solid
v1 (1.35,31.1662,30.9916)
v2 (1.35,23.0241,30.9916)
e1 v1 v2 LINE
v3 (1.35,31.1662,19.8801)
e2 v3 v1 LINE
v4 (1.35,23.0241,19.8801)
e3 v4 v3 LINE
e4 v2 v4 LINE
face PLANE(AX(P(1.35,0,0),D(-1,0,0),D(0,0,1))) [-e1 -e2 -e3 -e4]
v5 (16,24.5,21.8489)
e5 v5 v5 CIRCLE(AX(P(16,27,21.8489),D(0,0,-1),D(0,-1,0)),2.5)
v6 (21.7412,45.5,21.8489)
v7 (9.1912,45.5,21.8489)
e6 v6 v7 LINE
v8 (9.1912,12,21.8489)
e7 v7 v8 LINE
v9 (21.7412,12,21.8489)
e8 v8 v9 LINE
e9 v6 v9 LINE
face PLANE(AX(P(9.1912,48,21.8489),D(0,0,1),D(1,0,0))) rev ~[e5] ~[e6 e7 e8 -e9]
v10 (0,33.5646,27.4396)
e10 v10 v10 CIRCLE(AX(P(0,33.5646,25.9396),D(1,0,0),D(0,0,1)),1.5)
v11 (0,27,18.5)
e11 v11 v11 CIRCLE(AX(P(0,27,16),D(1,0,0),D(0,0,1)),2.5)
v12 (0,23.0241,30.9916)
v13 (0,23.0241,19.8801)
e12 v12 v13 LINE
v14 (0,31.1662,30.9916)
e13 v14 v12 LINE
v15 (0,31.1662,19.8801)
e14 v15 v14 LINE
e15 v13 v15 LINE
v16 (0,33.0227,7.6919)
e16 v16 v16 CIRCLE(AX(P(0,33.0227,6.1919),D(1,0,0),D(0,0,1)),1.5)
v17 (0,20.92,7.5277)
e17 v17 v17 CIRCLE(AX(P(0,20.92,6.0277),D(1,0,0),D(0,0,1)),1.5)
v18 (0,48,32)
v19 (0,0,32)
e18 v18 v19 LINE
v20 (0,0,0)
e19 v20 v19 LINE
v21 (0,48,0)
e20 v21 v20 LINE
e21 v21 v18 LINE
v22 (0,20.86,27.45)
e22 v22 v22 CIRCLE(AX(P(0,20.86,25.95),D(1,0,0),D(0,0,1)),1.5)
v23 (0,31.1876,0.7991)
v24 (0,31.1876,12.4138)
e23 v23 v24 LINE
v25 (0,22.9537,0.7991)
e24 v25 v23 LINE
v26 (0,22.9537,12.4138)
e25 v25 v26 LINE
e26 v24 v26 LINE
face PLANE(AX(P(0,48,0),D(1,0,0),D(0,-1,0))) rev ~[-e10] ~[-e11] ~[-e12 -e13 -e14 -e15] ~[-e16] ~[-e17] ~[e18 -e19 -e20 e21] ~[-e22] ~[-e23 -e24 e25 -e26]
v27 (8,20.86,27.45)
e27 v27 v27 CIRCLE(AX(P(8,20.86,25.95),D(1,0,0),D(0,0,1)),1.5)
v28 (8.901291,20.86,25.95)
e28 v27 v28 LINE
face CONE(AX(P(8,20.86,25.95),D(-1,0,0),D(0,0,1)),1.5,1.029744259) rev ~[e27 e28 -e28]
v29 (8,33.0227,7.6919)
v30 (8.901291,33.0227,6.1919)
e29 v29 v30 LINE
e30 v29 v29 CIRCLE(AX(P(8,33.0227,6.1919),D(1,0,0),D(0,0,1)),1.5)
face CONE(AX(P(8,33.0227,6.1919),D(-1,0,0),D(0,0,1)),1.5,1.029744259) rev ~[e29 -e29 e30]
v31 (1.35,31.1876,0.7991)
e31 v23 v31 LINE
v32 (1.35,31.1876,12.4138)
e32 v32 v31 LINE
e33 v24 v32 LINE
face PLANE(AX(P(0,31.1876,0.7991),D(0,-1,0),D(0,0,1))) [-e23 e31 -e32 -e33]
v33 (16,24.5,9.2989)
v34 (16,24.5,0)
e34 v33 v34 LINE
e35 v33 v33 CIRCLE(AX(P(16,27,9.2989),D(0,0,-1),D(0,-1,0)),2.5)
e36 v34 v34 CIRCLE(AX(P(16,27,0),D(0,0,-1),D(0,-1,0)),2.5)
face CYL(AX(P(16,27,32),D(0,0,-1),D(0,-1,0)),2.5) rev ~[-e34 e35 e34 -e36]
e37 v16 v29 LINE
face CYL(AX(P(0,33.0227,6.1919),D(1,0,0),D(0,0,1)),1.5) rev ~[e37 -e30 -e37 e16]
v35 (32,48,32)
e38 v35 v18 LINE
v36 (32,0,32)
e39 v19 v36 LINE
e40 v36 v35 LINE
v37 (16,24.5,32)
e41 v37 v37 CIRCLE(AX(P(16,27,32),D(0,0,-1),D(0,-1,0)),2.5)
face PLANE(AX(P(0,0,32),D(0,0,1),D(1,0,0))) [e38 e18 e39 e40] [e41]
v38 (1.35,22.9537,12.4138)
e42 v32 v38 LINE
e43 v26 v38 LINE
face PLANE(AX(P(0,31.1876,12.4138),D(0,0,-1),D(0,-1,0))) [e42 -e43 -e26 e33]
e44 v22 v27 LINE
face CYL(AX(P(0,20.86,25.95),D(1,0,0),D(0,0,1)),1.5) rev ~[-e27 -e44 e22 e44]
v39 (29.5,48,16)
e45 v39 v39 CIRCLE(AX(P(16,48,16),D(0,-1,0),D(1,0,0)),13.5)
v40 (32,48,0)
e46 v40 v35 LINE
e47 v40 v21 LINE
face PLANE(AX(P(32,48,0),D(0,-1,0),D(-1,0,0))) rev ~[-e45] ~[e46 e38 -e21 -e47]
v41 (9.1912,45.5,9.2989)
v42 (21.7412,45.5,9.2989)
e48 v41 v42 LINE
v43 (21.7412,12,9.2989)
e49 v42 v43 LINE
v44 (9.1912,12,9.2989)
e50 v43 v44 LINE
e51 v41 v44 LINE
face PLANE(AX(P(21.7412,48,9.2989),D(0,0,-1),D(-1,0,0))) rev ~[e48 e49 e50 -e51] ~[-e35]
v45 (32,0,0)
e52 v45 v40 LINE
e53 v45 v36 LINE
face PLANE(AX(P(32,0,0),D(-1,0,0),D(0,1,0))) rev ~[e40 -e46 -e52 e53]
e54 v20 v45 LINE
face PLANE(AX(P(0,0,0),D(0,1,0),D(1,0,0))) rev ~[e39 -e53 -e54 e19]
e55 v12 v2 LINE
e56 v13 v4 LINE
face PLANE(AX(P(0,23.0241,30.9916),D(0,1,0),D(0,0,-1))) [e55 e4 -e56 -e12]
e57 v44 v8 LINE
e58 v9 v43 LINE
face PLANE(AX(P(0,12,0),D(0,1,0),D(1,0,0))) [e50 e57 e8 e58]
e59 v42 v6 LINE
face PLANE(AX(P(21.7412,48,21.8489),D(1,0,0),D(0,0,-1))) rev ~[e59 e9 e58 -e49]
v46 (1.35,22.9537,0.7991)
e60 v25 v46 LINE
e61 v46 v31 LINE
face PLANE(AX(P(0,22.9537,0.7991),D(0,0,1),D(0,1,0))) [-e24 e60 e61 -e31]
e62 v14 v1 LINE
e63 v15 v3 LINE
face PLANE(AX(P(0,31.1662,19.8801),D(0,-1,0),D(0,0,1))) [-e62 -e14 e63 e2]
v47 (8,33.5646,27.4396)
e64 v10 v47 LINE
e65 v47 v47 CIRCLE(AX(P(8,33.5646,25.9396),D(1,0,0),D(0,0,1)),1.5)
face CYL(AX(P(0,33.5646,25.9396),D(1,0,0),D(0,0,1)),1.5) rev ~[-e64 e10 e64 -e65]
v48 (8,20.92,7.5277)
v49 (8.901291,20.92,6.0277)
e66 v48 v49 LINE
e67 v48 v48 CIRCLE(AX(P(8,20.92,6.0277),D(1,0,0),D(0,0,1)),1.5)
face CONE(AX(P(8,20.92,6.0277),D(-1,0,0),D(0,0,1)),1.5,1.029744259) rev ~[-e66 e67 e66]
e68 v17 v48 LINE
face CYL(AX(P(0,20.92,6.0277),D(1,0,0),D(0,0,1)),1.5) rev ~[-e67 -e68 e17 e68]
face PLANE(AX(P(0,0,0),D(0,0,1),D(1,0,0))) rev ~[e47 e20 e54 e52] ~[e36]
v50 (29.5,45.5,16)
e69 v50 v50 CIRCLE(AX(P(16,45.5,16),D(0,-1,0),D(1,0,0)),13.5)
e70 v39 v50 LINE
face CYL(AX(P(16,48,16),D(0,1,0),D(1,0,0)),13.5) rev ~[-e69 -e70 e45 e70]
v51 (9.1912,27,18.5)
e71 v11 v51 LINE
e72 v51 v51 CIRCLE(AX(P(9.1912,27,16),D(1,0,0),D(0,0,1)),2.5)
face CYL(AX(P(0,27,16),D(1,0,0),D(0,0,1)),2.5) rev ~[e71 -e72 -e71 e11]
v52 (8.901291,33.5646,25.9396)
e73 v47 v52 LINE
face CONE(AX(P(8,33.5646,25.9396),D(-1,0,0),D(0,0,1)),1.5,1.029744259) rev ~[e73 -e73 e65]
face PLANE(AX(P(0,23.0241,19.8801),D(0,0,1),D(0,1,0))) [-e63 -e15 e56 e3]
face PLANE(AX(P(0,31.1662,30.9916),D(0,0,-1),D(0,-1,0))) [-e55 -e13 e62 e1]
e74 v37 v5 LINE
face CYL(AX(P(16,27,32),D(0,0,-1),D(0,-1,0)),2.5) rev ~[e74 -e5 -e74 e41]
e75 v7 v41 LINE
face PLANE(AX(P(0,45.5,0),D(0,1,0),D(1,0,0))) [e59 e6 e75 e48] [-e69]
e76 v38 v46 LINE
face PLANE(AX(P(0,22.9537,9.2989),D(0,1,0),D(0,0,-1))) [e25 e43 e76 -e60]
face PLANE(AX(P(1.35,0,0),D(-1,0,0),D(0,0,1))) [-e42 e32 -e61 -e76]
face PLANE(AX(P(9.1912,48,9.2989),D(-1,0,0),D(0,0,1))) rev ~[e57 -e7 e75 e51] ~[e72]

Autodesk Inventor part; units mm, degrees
ref_plane "YZ Plane" through (0, 0, 0) normal (1, 0, 0) x (0, 1, 0)
ref_plane "XZ Plane" through (0, 0, 0) normal (0, 1, 0) x (-1, 0, 0)
ref_plane "XY Plane" through (0, 0, 0) normal (0, 0, 1) x (1, 0, 0)
sketch "Sketch3" plane through (0, 0, 0) normal (0, 0, 1) x (1, 0, 0)
  line L0 (0, 0) -> (32, 0)
  line L1 (32, 0) -> (32, 48)
  line L2 (32, 48) -> (0, 48)
  line L3 (0, 48) -> (0, 0)
  dimension "d8" = 32
  dimension "d9" = 48
extrude "Extrusion2" add sketch "Sketch3" along normal blind 32
sketch "Sketch4" plane through (0, 48, 0) normal (0, 1, 0) x (1, 0, 0)
  line L0 (32, -32) -> (0, -32) projected
  line L1 (0, -32) -> (0, -16)
  line L2 (0, 0) -> (0, -32) projected
  line L3 (0, -16) -> (16, -16)
  circle A0 centre (16, -16) radius 13.5
  dimension "d12" = 16
  dimension "d13" = 16
  dimension "d14" = 27
sketch "Sketch5" plane through (0, 48, 0) normal (0, 1, 0) x (1, 0, 0)
  line L0 (15.9518, -16.0315) -> (15.9518, -9.2765)
  line L1 (15.9518, -9.2765) -> (9.1968, -9.2765)
  point P0 (0, 0)
  dimension "d15" = 6.755
  dimension "d16" = 6.755
sketch "Sketch6" plane through (0, 48, 0) normal (0, 1, 0) x (1, 0, 0)
  line L0 (9.1912, -9.2989) -> (9.1912, -21.8489)
  line L1 (9.1912, -21.8489) -> (21.7412, -21.8489)
  line L2 (21.7412, -21.8489) -> (21.7412, -9.2989)
  line L3 (21.7412, -9.2989) -> (9.1912, -9.2989)
  point P0 (0, 0)
  dimension "d17" = 12.55
  dimension "d18" = 12.55
  dimension "d19" = 12.55
  dimension "d20" = 12.55
extrude "Extrusion4" cut sketch "Sketch6" against normal blind 36
sketch "Sketch7" plane through (0, 0, 32) normal (0, 0, 1) x (1, 0, 0)
  line L0 (32, 48) -> (0, 48) projected
  line L1 (0, 48) -> (16, 48)
  line L2 (16, 48) -> (16, 27)
  circle A0 centre (16, 27) radius 2.5
  point P0 (0, 0)
  dimension "d25" = 16
  dimension "d26" = 21
  dimension "d27" = 5
hole "Hole1" at (16, 27, 32) direction (0, 0, -1) diameter 5 end through all
sketch "Sketch9" plane through (0, 0, 0) normal (-1, 0, 0) x (0, 0, 1)
  line L0 (0, 48) -> (16, 48)
  line L1 (21.8489, 48) -> (9.2989, 48) projected
  line L2 (16, 48) -> (16, 27)
  circle A0 centre (16, 27) radius 2.5
  point P0 (0, 0)
  dimension "d37" = 16
  dimension "d38" = 21
  dimension "d39" = 5
hole "Hole2" at (0, 27, 16) direction (1, 0, 0) diameter 5 depth 10 tip angle 118
sketch "Sketch10" plane through (21.7412, 48, 9.2989) normal (-1, 0, 0) x (0, 0, 1)
  circle A0 centre (6.7011, -21) radius 2.5 projected
  line L0 (6.7011, -21) -> (6.7011, -9.86)
  line L1 (6.7011, -9.86) -> (6.7011, -21)
  line L2 (6.7011, -21) -> (6.7011, -9.86)
  line L3 (6.7011, -21) -> (6.7011, -32.14)
  line L4 (12.55, -36) -> (0, -36) projected
  line L5 (6.7011, -32.14) -> (6.7011, -21)
  line L6 (6.7011, -9.86) -> (21.6511, -9.86)
  line L7 (22.7011, -48) -> (22.7011, 0) projected
  line L8 (21.6511, -9.86) -> (6.7011, -9.86)
  line L9 (6.7011, -9.86) -> (-8.2489, -9.86)
  line L10 (21.6511, -9.86) -> (19.0973, -9.86)
  point P0 (-9.2989, -48)
  dimension "d47" = 11.14
  dimension "d48" = 11.14
  dimension "d49" = 14.95
  dimension "d50" = 14.95
sketch "Sketch11" plane through (0, 0, 0) normal (-1, 0, 0) x (0, 0, 1)
  line L0 (16.1419, 38.0227) -> (31.0919, 38.0227)
  line L1 (31.0919, 38.0227) -> (31.0919, 15.7427)
  line L2 (31.0919, 15.7427) -> (1.1919, 15.7427)
  line L3 (1.1919, 15.7427) -> (1.1919, 38.0227)
  line L4 (1.1919, 38.0227) -> (16.1419, 38.0227)
  line L5 (1.1919, 38.0227) -> (6.1919, 38.0227)
  line L6 (6.1919, 38.0227) -> (6.1919, 33.0227)
  circle A0 centre (6.1919, 33.0227) radius 1.7416
  point P0 (0, 0)
  dimension "d51" = 14.95
  dimension "d52" = 22.28
  dimension "d53" = 29.9
  dimension "d54" = 5
  dimension "d55" = 5
hole "Hole3" at (0, 33.0227, 6.1919) direction (1, 0, 0) diameter 3 depth 8 tip angle 118
sketch "Sketch12" plane through (0, 0, 0) normal (-1, 0, 0) x (0, 0, 1)
  point P0 (0, 0)
sketch "Sketch13" plane through (0, 0, 0) normal (-1, 0, 0) x (0, 0, 1)
  line L0 (30.9396, 38.5646) -> (25.9396, 38.5646)
  line L1 (25.9396, 38.5646) -> (25.9396, 33.5646)
  circle A0 centre (25.9396, 33.5646) radius 1.5
  point P0 (0, 0)
  dimension "d63" = 5
  dimension "d64" = 5
  dimension "d65" = 3
hole "Hole4" at (0, 33.5646, 25.9396) direction (1, 0, 0) diameter 3 depth 8 tip angle 118
sketch "Sketch14" plane through (0, 0, 0) normal (-1, 0, 0) x (0, 0, 1)
  line L0 (15.9777, 27.06) -> (1.0277, 27.06)
  line L1 (1.0277, 27.06) -> (1.0277, 15.92)
  line L2 (1.0277, 15.92) -> (6.0277, 15.92)
  line L3 (6.0277, 15.92) -> (6.0277, 20.92)
  circle A0 centre (6.0277, 20.92) radius 1.5
  point P0 (0, 0)
  dimension "d73" = 14.95
  dimension "d74" = 11.14
  dimension "d75" = 5
  dimension "d76" = 5
  dimension "d77" = 3
hole "Hole5" at (0, 20.92, 6.0277) direction (1, 0, 0) diameter 3 depth 8 tip angle 118
sketch "Sketch15" plane through (0, 0, 0) normal (-1, 0, 0) x (0, 0, 1)
  circle A0 centre (16, 27) radius 2.5 projected
  line L0 (16, 27) -> (30.95, 27)
  line L1 (30.95, 27) -> (30.95, 15.86)
  line L2 (30.95, 15.86) -> (25.95, 15.86)
  line L3 (25.95, 15.86) -> (25.95, 20.86)
  circle A1 centre (25.95, 20.86) radius 1.5
  point P0 (0, 0)
  dimension "d85" = 14.95
  dimension "d86" = 11.14
  dimension "d87" = 5
  dimension "d88" = 5
  dimension "d89" = 3
hole "Hole6" at (0, 20.86, 25.95) direction (1, 0, 0) diameter 3 depth 8 tip angle 118
sketch "Sketch16" plane through (0, 0, 0) normal (-1, 0, 0) x (0, 0, 1)
  line L0 (0, 48) -> (0, 0) projected
  line L1 (0.7991, 31.1876) -> (12.4138, 31.1876)
  line L2 (9.2989, 48) -> (9.2989, 12) projected
  line L3 (12.4138, 31.1876) -> (12.4138, 22.9537)
  line L4 (12.4138, 22.9537) -> (0.7991, 22.9537)
  line L5 (0.7991, 22.9537) -> (0.7991, 31.1876)
extrude "Extrusion5" cut sketch "Sketch16" against normal blind 1.35
sketch "Sketch17" plane through (0, 0, 0) normal (-1, 0, 0) x (0, 0, 1)
  line L0 (19.8801, 31.1662) -> (30.9916, 31.1662)
  line L1 (30.9916, 31.1662) -> (30.9916, 23.0241)
  line L2 (30.9916, 23.0241) -> (19.8801, 23.0241)
  line L3 (19.8801, 23.0241) -> (19.8801, 31.1662)
  point P0 (0, 0)
extrude "Extrusion6" cut sketch "Sketch17" against normal blind 1.35
extrude "Extrusion7" cut sketch "Sketch4" against normal blind 2.5
properties part number "alan_optics_through_hole_chl_turbidity"
